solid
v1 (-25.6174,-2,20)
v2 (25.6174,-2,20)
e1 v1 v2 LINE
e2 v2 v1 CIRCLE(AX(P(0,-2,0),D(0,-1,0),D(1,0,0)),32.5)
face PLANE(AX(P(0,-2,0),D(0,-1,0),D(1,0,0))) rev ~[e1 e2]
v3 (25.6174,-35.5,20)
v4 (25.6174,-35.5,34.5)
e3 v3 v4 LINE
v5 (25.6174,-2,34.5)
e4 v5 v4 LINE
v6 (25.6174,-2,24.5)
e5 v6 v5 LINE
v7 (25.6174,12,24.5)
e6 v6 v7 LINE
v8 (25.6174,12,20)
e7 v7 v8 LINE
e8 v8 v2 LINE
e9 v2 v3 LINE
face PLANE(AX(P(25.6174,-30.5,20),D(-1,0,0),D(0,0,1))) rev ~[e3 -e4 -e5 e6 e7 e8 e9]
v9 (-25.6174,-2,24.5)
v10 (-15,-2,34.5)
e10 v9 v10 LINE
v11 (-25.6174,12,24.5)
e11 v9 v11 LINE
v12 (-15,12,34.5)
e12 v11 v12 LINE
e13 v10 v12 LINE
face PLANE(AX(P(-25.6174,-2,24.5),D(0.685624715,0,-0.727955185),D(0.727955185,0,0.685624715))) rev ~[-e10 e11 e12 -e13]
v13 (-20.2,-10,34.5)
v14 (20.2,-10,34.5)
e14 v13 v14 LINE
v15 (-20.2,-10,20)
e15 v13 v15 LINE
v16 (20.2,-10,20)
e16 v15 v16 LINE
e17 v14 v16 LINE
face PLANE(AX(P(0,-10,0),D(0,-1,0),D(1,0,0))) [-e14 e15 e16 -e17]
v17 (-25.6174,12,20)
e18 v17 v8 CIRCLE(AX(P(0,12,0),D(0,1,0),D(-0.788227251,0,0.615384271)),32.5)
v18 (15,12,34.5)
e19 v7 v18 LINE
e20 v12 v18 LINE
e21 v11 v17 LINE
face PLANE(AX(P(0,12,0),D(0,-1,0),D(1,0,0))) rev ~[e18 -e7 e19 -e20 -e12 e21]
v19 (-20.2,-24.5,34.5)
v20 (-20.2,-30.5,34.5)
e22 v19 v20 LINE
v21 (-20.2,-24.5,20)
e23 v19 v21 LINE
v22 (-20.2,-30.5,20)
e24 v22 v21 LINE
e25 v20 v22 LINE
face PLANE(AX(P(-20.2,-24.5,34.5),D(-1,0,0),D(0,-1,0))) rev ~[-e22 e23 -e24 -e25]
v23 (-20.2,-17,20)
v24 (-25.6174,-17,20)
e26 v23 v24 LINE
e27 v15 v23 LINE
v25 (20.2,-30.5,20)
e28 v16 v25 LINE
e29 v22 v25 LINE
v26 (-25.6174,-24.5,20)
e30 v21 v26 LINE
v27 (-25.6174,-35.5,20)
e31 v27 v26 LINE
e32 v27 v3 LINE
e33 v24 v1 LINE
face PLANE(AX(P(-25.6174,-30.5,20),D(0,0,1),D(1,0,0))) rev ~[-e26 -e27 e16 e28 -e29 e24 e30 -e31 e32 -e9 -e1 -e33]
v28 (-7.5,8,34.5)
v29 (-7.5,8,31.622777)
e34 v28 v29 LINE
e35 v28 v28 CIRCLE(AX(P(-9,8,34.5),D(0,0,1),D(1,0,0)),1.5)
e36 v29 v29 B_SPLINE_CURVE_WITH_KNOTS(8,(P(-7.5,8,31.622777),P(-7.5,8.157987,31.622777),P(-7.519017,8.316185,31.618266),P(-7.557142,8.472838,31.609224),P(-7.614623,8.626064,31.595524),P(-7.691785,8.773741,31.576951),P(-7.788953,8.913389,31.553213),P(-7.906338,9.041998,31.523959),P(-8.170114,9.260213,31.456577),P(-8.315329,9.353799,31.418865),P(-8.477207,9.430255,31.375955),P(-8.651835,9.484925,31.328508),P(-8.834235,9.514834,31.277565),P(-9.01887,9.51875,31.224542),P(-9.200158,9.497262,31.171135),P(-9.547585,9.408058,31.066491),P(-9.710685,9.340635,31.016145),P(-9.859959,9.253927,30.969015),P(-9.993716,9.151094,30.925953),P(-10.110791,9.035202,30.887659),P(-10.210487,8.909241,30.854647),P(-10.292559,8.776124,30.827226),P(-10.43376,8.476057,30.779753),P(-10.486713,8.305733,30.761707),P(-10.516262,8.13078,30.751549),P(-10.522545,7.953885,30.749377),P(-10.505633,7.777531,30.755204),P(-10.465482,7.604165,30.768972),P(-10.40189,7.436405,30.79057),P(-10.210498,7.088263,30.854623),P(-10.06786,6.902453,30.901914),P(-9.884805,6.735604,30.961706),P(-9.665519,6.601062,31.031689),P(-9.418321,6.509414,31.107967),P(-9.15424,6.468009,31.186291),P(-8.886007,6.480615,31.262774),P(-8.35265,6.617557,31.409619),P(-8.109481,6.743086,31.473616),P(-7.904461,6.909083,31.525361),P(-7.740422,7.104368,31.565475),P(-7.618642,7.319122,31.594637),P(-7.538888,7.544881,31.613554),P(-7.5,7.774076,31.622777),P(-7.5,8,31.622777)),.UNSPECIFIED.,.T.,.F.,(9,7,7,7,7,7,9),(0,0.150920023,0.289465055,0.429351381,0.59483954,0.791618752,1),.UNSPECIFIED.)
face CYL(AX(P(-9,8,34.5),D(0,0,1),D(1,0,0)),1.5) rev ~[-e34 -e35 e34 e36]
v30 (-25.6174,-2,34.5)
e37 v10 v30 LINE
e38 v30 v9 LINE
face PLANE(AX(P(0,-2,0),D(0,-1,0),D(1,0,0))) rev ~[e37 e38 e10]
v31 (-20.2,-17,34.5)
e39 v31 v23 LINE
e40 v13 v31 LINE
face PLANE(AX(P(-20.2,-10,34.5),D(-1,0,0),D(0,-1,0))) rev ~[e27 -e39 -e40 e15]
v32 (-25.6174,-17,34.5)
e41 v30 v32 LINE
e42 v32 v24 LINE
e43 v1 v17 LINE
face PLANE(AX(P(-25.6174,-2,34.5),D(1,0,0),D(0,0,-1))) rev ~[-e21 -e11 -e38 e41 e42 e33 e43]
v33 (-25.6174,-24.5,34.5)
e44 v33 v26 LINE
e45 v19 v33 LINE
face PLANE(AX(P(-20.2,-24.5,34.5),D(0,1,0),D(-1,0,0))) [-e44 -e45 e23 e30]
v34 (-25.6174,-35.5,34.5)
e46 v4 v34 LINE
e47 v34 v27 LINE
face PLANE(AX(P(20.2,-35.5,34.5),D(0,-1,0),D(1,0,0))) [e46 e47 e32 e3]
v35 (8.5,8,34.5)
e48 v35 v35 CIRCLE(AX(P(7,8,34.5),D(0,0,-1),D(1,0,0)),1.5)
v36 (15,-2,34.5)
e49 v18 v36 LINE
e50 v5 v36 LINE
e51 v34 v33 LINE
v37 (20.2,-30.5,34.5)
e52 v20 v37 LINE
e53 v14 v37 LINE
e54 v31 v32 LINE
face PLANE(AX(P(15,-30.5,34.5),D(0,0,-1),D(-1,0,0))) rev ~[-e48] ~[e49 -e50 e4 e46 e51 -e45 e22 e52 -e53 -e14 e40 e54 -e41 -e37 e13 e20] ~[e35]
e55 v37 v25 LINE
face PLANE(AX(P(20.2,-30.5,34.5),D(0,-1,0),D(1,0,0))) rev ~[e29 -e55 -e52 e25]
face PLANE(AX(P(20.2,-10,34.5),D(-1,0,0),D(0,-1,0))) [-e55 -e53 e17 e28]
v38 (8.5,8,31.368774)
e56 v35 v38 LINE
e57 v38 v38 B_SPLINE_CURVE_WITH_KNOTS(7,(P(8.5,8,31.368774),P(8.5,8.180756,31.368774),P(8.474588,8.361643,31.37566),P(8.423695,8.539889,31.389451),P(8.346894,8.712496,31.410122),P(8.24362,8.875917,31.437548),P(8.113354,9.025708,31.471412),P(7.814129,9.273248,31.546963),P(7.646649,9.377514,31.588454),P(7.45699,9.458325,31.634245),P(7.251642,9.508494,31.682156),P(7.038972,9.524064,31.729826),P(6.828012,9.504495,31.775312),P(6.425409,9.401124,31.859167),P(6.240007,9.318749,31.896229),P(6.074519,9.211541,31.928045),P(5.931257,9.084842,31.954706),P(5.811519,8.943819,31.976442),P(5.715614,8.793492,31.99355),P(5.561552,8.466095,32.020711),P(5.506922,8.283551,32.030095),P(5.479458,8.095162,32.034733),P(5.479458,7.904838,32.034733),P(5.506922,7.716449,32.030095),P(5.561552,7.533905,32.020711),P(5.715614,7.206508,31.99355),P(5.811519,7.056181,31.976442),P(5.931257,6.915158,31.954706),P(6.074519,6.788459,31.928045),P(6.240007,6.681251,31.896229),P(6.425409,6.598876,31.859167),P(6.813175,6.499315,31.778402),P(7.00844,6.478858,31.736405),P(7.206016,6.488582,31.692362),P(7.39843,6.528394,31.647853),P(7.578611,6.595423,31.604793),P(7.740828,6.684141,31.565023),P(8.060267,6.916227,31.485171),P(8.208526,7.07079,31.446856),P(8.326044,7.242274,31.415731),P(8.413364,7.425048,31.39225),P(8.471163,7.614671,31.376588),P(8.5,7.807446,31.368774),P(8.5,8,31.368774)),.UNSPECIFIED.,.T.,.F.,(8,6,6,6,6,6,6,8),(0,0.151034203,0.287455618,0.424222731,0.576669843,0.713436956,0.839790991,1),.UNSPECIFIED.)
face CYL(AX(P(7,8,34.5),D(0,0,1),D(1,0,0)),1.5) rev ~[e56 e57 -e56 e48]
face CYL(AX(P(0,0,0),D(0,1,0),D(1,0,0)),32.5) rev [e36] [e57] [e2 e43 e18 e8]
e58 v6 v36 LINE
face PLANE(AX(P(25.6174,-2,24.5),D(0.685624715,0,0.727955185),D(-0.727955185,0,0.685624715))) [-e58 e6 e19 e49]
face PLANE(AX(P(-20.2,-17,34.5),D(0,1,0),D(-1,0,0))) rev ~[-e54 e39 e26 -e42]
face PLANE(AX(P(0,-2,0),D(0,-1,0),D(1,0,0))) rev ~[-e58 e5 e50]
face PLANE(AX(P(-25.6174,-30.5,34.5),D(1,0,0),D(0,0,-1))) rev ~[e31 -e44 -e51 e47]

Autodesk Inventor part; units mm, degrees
ref_plane "YZ Plane" through (0, 0, 0) normal (1, 0, 0) x (0, 1, 0)
ref_plane "XZ Plane" through (0, 0, 0) normal (0, 1, 0) x (-1, 0, 0)
ref_plane "XY Plane" through (0, 0, 0) normal (0, 0, 1) x (1, 0, 0)
ref_plane "Plano de trabajo1" through (16, 0, 22.5) normal (0, 0, -1) x (-1, 0, 0)
sketch "Boceto2" plane through (16, 0, 22.5) normal (0, 0, -1) x (-1, 0, 0)
  line L0 (-6.5, 0) -> (0, 0) projected
  line L1 (0, 0) -> (32, 0) projected
  circle A0 centre (8, 8) radius 1.5
  circle A1 centre (24, 8) radius 1.5
  point P0 (16, 0)
  dimension "d15" = 3
  dimension "d16" = 3
extrude "Extrusión2" [suppressed]
ref_plane "Plano de trabajo2" through (0, 0, 0) normal (0, -1, 0) x (1, 0, 0)
sketch "Boceto4" plane through (0, 0, 0) normal (0, -1, 0) x (1, 0, 0)
  circle A0 centre (0, 0) radius 32.5
  arc A1 (28.2887, 16) -> (-28.2887, 16) centre (0, 0) ccw projected
  line L0 (0, 32.5) -> (0, 34.5)
  line L1 (0, 34.5) -> (-26.2329, 34.5)
  line L2 (-26.2329, 34.5) -> (30.7149, 34.5)
  line L3 (0, 0) -> (0, 20)
  arc A2 (28.2887, 16) -> (-28.2887, 16) centre (0, 0) ccw projected
  line L4 (0, 20) -> (50, 20)
  line L5 (50, 20) -> (-50, 20)
  line L6 (0, 34.5) -> (15, 34.5)
  line L7 (15, 34.5) -> (25.6174, 20)
  line L8 (0, 34.5) -> (-15, 34.5)
  line L9 (-15, 34.5) -> (-25.6174, 20)
  point P0 (-25.6174, 20)
  dimension "d19" = 2
  dimension "d20" = 20
  dimension "d21" = 50
  dimension "d22" = 100
  dimension "d23" = 15
  dimension "d24" = 15
extrude "Extrusión3" add sketch "Boceto4" against normal blind 12 contours A0 L0 L2 L7 | L9 L1 L0 A0
sketch "Boceto5" plane through (-15, 0, 34.5) normal (0, 0, 1) x (1, 0, 0)
  line L0 (30, 0) -> (30, 12) projected
  line L1 (30, 0) -> (30, 8)
  line L2 (30, 8) -> (22, 8)
  line L3 (22, 8) -> (6, 8)
  circle A0 centre (22, 8) radius 1.5
  circle A1 centre (6, 8) radius 1.5
  point P0 (15, 0)
  dimension "d27" = 8
  dimension "d28" = 8
  dimension "d29" = 16
  dimension "d30" = 3
  dimension "d31" = 3
extrude "Extrusión4" cut sketch "Boceto5" against normal blind 12
sketch "Boceto6" plane through (0, 0, 0) normal (0, -1, 0) x (1, 0, 0)
  circle A0 centre (0, 0) radius 32.5
  arc A1 (25.6174, 20) -> (-25.6174, 20) centre (0, 0) ccw projected
  line L0 (-15, 34.5) -> (15, 34.5) projected
  line L1 (25.6174, 20) -> (15, 34.5)
  line L2 (15, 34.5) -> (-15, 34.5)
  line L3 (-15, 34.5) -> (-25.6174, 20)
extrude "Extrusión5" add sketch "Boceto6" along normal blind 2 contours A0 L3 L0 L1
sketch "Boceto7" plane through (0, -2, 0) normal (0, -1, 0) x (1, 0, 0)
  line L0 (-25.6174, 20) -> (-15, 34.5) projected
  line L1 (-15, 34.5) -> (-25.6174, 34.5)
  line L2 (-25.6174, 34.5) -> (-25.6174, 20)
  line L3 (-25.6174, 20) -> (25.6174, 20)
  line L4 (25.6174, 20) -> (25.6174, 34.5)
  line L5 (25.6174, 20) -> (15, 34.5) projected
  line L6 (15, 34.5) -> (25.6174, 34.5)
  circle A0 centre (0, 0) radius 32.5
  line L7 (-15, 34.5) -> (15, 34.5)
extrude "Extrusión6" add sketch "Boceto7" along normal blind 8 contours L2 L1 L0 | A0 L3 | L0 L7 L5 A0 | L5 L6 L4 picked at (-1.7193, 25.9173)
sketch "Boceto8" plane through (-15, 12, 34.5) normal (0, 0, 1) x (1, 0, 0)
  line L0 (40.6174, -22) -> (-10.6174, -22) projected
  line L1 (-10.6174, -22) -> (-10.6174, -42.5)
  line L2 (-10.6174, -42.5) -> (39.7361, -42.5)
  line L3 (40.6174, -22) -> (40.6174, -42.5)
  line L4 (40.6174, -42.5) -> (39.7361, -42.5)
  line L5 (-10.6174, -22) -> (40.6174, -22) projected
  line L6 (40.6174, -14) -> (40.6174, -22) projected
  line L7 (-10.6174, -22) -> (40.6174, -22)
  line L8 (15, -22) -> (35.2, -22)
  line L9 (35.2, -22) -> (35.2, -42.5)
  line L10 (15, -22) -> (-5.2, -22)
  line L11 (-5.2, -22) -> (-5.2, -42.5)
  line L12 (-5.2, -42.5) -> (-5.2, -37.5)
  line L13 (-5.2, -22) -> (-5.2, -29)
  line L14 (-5.2, -29) -> (-10.6174, -29)
  line L15 (-5.2, -42.5) -> (-5.2, -36.5)
  line L16 (-5.2, -36.5) -> (-10.6174, -36.5)
  point P0 (15, -12)
  dimension "d38" = 20.5
  dimension "d39" = 20.5
  dimension "d40" = 20.2
  dimension "d41" = 20.2
  dimension "d43" = 7
  dimension "d44" = 6
extrude "Extrusión7" add sketch "Boceto8" against normal blind 14.5 contours L3 L4 L2 L9 L0 | L11 L14 L1 L0 | L2 L1 L16 L11
sketch "Boceto9" plane through (20.2, -30.5, 34.5) normal (0, -1, 0) x (1, 0, 0)
  line L0 (5.4174, -14.5) -> (5.4174, 0) projected
  line L1 (-45.8174, 0) -> (-45.8174, -14.5) projected
  line L2 (5.4174, 0) -> (-45.8174, 0)
  line L3 (-45.8174, 0) -> (-45.8174, -14.5)
  line L4 (-45.8174, -14.5) -> (5.4174, -14.5)
  line L5 (5.4174, 0) -> (-5.2, 0) projected
  line L6 (5.4174, -14.5) -> (5.4174, 0)
  point P0 (-20.2, -34.5)
extrude "Extrusión8" add sketch "Boceto9" along normal blind 5
sketch "Boceto10" plane through (0, -2, 0) normal (0, 1, 0) x (1, 0, 0)
  line L0 (-15, -34.5) -> (-25.6174, -34.5) projected
  line L1 (-15, -34.5) -> (-25.6174, -34.5)
  line L2 (-25.6174, -34.5) -> (-25.6174, -24.5)
  line L3 (-25.6174, -34.5) -> (-25.6174, -20) projected
  line L4 (-25.6174, -24.5) -> (-15, -34.5)
  line L5 (-25.6174, -20) -> (25.6174, -20) projected
  line L6 (-25.6174, -24.5) -> (-25.6174, -20)
  line L7 (-25.6174, -20) -> (-15, -34.5)
  line L8 (-15, -34.5) -> (-25.6174, -20) projected
  arc A0 (-25.6174, -20) -> (25.6174, -20) centre (0, 0) ccw projected
  line L9 (0, -32.5) -> (0, -25.3096)
  line L10 (15, -34.5) -> (25.6174, -34.5)
  line L11 (25.6174, -34.5) -> (25.6174, -24.5)
  line L12 (25.6174, -34.5) -> (25.6174, -20)
  line L13 (25.6174, -24.5) -> (15, -34.5)
  line L14 (25.6174, -20) -> (15, -34.5)
  dimension "d49" = 10
extrude "Extrusión9" add sketch "Boceto10" along normal blind 14 contours L12 L13 L14 | L4 L3 L7
sketch "Boceto11" plane through (-25.6174, -17, 34.5) normal (0, 0, 1) x (1, 0, 0)
  line L0 (45.8174, 7) -> (45.8174, -13.5) projected
  line L1 (45.8174, -13.5) -> (45.8174, 7)
  line L2 (45.8174, 7) -> (45.8174, -3.25)
  point P0 (25.6174, 17)
properties part number "brazo_articulado_2"
